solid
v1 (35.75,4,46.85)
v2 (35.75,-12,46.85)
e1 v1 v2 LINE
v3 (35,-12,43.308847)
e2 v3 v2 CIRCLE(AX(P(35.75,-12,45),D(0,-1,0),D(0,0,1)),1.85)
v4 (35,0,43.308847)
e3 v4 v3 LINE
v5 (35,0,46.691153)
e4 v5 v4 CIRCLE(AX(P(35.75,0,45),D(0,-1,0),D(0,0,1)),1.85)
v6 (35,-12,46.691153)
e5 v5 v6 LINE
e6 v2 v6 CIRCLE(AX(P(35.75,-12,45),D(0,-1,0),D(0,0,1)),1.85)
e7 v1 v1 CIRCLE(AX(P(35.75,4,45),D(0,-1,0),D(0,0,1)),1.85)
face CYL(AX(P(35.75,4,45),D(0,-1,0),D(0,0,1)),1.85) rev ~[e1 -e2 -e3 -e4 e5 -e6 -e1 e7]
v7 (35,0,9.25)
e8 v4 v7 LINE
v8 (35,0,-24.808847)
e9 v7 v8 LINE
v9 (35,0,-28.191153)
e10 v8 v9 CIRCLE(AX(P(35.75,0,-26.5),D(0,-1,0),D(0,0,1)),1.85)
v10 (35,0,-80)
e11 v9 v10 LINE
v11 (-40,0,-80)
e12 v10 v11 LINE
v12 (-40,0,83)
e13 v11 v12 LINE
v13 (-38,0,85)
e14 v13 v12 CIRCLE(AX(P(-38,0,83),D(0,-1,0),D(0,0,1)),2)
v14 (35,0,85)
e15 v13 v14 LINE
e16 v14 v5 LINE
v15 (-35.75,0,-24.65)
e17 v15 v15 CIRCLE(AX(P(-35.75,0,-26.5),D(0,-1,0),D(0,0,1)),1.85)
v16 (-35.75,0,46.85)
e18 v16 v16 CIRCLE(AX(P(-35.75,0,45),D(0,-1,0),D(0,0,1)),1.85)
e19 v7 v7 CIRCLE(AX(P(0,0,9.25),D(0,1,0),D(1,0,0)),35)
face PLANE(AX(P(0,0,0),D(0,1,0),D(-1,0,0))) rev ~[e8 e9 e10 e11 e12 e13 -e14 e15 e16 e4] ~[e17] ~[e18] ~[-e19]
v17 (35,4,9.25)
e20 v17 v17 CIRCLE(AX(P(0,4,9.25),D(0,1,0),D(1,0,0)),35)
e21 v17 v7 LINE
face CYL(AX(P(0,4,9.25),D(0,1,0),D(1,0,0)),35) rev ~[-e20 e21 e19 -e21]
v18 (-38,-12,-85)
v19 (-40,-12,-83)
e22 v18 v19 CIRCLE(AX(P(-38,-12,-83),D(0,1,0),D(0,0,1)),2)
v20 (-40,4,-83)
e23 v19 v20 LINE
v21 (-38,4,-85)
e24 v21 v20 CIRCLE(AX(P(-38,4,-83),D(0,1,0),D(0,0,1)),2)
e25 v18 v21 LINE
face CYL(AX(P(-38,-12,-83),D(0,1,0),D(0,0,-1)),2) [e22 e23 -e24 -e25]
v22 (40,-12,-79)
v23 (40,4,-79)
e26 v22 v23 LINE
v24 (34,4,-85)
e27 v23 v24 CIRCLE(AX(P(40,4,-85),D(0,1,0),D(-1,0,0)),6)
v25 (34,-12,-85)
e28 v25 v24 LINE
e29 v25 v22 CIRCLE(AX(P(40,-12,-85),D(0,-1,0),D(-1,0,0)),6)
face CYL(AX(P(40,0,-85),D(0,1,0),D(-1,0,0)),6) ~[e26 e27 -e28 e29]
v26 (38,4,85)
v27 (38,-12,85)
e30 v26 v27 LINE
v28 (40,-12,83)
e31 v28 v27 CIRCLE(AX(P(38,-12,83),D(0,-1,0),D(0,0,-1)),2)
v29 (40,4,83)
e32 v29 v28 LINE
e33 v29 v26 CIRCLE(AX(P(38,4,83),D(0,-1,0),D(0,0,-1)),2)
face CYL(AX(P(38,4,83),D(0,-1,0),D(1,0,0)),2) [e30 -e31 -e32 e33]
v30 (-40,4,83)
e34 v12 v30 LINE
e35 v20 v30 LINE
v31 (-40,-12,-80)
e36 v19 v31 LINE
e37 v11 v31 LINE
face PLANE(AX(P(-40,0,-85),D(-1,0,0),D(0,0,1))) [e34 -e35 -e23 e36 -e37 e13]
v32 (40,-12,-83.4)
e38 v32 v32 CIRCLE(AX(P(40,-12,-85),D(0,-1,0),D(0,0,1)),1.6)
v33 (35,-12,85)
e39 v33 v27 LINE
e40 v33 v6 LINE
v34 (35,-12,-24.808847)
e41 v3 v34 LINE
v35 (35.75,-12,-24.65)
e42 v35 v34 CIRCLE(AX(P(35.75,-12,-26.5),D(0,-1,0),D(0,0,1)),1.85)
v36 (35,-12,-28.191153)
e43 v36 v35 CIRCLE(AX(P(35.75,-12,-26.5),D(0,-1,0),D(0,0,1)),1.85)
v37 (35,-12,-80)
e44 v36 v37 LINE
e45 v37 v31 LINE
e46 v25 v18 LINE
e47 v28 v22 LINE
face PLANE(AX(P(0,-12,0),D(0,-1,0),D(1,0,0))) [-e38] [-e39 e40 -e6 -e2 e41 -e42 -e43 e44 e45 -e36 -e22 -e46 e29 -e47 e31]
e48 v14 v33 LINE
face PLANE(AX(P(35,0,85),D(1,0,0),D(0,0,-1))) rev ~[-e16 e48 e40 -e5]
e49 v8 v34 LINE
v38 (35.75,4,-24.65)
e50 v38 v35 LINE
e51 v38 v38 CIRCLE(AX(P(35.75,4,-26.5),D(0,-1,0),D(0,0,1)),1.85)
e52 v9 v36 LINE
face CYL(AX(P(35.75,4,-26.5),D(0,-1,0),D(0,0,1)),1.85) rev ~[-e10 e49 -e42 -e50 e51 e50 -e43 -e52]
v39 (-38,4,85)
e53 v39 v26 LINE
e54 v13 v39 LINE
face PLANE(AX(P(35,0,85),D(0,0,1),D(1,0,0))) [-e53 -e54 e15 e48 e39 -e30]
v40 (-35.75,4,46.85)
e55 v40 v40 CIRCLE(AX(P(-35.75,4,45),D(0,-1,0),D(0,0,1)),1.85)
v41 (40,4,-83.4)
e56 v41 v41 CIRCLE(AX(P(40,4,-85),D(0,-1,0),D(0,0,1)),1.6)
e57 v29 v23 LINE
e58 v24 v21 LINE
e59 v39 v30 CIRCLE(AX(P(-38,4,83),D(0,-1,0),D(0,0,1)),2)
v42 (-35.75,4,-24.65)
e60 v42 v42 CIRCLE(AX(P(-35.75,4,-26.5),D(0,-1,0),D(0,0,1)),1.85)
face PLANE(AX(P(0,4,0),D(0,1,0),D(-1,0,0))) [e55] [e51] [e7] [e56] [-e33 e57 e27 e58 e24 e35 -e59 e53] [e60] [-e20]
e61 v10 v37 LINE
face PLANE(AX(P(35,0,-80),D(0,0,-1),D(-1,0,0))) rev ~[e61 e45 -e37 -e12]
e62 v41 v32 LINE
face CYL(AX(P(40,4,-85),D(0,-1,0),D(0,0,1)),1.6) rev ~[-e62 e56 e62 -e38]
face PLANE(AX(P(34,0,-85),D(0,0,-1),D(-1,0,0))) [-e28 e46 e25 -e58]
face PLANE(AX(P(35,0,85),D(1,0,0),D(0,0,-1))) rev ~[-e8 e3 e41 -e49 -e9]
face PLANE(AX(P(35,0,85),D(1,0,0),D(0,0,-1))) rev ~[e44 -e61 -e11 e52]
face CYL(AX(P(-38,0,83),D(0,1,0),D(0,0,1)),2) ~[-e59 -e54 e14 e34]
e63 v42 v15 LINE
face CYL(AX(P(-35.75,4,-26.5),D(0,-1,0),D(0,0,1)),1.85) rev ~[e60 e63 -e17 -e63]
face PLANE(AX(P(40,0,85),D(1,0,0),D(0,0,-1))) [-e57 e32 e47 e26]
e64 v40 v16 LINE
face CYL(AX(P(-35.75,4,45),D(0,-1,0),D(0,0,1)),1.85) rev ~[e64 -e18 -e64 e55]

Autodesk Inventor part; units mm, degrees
ref_plane "YZ Plane" through (0, 0, 0) normal (1, 0, 0) x (0, 1, 0)
ref_plane "XZ Plane" through (0, 0, 0) normal (0, 1, 0) x (-1, 0, 0)
ref_plane "XY Plane" through (0, 0, 0) normal (0, 0, 1) x (1, 0, 0)
sketch "Sketch1" plane through (0, 0, 0) normal (0, 1, 0) x (-1, 0, 0)
  line L0 (40, 85) -> (-40, 85)
  line L1 (-40, 85) -> (-40, -85)
  line L2 (-40, -85) -> (40, -85)
  line L3 (40, -85) -> (40, 85)
  line L4 (40, 85) -> (-40, -85) construction
  line L5 (-40, 85) -> (40, -85) construction
  circle A0 centre (-40, -85) radius 6
  point P0 (0, 0)
  point P1 (-40, -79)
  point P2 (-34, -85)
  dimension "d0" = 80
  dimension "d1" = 170
  dimension "d2" = 12
extrude "Extrusion1" add sketch "Sketch1" along normal blind 4
sketch "Sketch2" plane through (0, 0, 0) normal (0, -1, 0) x (1, 0, 0)
  line L0 (40, 85) -> (40, -79) projected
  line L1 (-40, 85) -> (40, 85) projected
  line L2 (-40, -85) -> (-40, 85) projected
  line L3 (34, -85) -> (-40, -85) projected
  arc A0 (34, -85) -> (40, -79) centre (40, -85) ccw projected
  line L4 (35, 85) -> (35, -80)
  line L5 (35, -80) -> (-40, -80)
  point P0 (0, 0)
  dimension "d5" = 5
  dimension "d6" = 5
extrude "Extrusion2" add sketch "Sketch2" along normal blind 12 contours L0 A0 L3 L2 L5 L4 L1
sketch "Sketch3" plane through (0, 4, 0) normal (0, 1, 0) x (1, 0, 0)
  arc A0 (40, 79) -> (34, 85) centre (40, 85) ccw projected
  arc A1 (40, 79) -> (34, 85) centre (40, 85) ccw projected
  point P0 (0, 0)
hole "Hole1" at (40, 4, -85) direction (0, -1, 0) diameter 3.2 end through all
sketch "Sketch4" plane through (0, 4, 0) normal (0, 1, 0) x (1, 0, 0)
  line L0 (35.75, -45) -> (-35.75, -45) construction
  line L1 (-35.75, -45) -> (-35.75, 26.5) construction
  line L2 (-35.75, 26.5) -> (35.75, 26.5) construction
  line L3 (35.75, 26.5) -> (35.75, -45) construction
  line L4 (35.75, -45) -> (-35.75, 26.5) construction
  line L5 (-35.75, -45) -> (35.75, 26.5) construction
  circle A0 centre (40, 85) radius 1.6 projected
  line L6 (40, -85) -> (40, 79) projected
  arc A1 (40, 79) -> (34, 85) centre (40, 85) ccw projected
  line L7 (34, 85) -> (-40, 85) projected
  line L8 (-40, 85) -> (-40, -85) projected
  line L9 (-40, -85) -> (40, -85) projected
  point P0 (0, 0)
  point P1 (0, -9.25)
  dimension "d16" = 71.5
  dimension "d17" = 40
hole "Hole2" at (-35.75, 4, 45) at (-35.75, 4, -26.5) at (35.75, 4, 45) at (35.75, 4, -26.5) direction (0, -1, 0) diameter 3.7 end through all
sketch "Sketch5" plane through (0, 4, 0) normal (0, 1, 0) x (1, 0, 0)
  circle A0 centre (0, -9.25) radius 35
  point P0 (0, 0)
  point P1 (0, -9.25)
  dimension "d25" = 70
extrude "Extrusion3" cut sketch "Sketch5" against normal up to surface (4 mm away)
fillet "Fillet1" radius 2 3 edges at (-40, -4, -85) (-40, 2, 85) (40, -4, 85)
equation "\"d6\" = d5"
properties part number "Power Box (12V) Cover" material "ABS Plastic"
